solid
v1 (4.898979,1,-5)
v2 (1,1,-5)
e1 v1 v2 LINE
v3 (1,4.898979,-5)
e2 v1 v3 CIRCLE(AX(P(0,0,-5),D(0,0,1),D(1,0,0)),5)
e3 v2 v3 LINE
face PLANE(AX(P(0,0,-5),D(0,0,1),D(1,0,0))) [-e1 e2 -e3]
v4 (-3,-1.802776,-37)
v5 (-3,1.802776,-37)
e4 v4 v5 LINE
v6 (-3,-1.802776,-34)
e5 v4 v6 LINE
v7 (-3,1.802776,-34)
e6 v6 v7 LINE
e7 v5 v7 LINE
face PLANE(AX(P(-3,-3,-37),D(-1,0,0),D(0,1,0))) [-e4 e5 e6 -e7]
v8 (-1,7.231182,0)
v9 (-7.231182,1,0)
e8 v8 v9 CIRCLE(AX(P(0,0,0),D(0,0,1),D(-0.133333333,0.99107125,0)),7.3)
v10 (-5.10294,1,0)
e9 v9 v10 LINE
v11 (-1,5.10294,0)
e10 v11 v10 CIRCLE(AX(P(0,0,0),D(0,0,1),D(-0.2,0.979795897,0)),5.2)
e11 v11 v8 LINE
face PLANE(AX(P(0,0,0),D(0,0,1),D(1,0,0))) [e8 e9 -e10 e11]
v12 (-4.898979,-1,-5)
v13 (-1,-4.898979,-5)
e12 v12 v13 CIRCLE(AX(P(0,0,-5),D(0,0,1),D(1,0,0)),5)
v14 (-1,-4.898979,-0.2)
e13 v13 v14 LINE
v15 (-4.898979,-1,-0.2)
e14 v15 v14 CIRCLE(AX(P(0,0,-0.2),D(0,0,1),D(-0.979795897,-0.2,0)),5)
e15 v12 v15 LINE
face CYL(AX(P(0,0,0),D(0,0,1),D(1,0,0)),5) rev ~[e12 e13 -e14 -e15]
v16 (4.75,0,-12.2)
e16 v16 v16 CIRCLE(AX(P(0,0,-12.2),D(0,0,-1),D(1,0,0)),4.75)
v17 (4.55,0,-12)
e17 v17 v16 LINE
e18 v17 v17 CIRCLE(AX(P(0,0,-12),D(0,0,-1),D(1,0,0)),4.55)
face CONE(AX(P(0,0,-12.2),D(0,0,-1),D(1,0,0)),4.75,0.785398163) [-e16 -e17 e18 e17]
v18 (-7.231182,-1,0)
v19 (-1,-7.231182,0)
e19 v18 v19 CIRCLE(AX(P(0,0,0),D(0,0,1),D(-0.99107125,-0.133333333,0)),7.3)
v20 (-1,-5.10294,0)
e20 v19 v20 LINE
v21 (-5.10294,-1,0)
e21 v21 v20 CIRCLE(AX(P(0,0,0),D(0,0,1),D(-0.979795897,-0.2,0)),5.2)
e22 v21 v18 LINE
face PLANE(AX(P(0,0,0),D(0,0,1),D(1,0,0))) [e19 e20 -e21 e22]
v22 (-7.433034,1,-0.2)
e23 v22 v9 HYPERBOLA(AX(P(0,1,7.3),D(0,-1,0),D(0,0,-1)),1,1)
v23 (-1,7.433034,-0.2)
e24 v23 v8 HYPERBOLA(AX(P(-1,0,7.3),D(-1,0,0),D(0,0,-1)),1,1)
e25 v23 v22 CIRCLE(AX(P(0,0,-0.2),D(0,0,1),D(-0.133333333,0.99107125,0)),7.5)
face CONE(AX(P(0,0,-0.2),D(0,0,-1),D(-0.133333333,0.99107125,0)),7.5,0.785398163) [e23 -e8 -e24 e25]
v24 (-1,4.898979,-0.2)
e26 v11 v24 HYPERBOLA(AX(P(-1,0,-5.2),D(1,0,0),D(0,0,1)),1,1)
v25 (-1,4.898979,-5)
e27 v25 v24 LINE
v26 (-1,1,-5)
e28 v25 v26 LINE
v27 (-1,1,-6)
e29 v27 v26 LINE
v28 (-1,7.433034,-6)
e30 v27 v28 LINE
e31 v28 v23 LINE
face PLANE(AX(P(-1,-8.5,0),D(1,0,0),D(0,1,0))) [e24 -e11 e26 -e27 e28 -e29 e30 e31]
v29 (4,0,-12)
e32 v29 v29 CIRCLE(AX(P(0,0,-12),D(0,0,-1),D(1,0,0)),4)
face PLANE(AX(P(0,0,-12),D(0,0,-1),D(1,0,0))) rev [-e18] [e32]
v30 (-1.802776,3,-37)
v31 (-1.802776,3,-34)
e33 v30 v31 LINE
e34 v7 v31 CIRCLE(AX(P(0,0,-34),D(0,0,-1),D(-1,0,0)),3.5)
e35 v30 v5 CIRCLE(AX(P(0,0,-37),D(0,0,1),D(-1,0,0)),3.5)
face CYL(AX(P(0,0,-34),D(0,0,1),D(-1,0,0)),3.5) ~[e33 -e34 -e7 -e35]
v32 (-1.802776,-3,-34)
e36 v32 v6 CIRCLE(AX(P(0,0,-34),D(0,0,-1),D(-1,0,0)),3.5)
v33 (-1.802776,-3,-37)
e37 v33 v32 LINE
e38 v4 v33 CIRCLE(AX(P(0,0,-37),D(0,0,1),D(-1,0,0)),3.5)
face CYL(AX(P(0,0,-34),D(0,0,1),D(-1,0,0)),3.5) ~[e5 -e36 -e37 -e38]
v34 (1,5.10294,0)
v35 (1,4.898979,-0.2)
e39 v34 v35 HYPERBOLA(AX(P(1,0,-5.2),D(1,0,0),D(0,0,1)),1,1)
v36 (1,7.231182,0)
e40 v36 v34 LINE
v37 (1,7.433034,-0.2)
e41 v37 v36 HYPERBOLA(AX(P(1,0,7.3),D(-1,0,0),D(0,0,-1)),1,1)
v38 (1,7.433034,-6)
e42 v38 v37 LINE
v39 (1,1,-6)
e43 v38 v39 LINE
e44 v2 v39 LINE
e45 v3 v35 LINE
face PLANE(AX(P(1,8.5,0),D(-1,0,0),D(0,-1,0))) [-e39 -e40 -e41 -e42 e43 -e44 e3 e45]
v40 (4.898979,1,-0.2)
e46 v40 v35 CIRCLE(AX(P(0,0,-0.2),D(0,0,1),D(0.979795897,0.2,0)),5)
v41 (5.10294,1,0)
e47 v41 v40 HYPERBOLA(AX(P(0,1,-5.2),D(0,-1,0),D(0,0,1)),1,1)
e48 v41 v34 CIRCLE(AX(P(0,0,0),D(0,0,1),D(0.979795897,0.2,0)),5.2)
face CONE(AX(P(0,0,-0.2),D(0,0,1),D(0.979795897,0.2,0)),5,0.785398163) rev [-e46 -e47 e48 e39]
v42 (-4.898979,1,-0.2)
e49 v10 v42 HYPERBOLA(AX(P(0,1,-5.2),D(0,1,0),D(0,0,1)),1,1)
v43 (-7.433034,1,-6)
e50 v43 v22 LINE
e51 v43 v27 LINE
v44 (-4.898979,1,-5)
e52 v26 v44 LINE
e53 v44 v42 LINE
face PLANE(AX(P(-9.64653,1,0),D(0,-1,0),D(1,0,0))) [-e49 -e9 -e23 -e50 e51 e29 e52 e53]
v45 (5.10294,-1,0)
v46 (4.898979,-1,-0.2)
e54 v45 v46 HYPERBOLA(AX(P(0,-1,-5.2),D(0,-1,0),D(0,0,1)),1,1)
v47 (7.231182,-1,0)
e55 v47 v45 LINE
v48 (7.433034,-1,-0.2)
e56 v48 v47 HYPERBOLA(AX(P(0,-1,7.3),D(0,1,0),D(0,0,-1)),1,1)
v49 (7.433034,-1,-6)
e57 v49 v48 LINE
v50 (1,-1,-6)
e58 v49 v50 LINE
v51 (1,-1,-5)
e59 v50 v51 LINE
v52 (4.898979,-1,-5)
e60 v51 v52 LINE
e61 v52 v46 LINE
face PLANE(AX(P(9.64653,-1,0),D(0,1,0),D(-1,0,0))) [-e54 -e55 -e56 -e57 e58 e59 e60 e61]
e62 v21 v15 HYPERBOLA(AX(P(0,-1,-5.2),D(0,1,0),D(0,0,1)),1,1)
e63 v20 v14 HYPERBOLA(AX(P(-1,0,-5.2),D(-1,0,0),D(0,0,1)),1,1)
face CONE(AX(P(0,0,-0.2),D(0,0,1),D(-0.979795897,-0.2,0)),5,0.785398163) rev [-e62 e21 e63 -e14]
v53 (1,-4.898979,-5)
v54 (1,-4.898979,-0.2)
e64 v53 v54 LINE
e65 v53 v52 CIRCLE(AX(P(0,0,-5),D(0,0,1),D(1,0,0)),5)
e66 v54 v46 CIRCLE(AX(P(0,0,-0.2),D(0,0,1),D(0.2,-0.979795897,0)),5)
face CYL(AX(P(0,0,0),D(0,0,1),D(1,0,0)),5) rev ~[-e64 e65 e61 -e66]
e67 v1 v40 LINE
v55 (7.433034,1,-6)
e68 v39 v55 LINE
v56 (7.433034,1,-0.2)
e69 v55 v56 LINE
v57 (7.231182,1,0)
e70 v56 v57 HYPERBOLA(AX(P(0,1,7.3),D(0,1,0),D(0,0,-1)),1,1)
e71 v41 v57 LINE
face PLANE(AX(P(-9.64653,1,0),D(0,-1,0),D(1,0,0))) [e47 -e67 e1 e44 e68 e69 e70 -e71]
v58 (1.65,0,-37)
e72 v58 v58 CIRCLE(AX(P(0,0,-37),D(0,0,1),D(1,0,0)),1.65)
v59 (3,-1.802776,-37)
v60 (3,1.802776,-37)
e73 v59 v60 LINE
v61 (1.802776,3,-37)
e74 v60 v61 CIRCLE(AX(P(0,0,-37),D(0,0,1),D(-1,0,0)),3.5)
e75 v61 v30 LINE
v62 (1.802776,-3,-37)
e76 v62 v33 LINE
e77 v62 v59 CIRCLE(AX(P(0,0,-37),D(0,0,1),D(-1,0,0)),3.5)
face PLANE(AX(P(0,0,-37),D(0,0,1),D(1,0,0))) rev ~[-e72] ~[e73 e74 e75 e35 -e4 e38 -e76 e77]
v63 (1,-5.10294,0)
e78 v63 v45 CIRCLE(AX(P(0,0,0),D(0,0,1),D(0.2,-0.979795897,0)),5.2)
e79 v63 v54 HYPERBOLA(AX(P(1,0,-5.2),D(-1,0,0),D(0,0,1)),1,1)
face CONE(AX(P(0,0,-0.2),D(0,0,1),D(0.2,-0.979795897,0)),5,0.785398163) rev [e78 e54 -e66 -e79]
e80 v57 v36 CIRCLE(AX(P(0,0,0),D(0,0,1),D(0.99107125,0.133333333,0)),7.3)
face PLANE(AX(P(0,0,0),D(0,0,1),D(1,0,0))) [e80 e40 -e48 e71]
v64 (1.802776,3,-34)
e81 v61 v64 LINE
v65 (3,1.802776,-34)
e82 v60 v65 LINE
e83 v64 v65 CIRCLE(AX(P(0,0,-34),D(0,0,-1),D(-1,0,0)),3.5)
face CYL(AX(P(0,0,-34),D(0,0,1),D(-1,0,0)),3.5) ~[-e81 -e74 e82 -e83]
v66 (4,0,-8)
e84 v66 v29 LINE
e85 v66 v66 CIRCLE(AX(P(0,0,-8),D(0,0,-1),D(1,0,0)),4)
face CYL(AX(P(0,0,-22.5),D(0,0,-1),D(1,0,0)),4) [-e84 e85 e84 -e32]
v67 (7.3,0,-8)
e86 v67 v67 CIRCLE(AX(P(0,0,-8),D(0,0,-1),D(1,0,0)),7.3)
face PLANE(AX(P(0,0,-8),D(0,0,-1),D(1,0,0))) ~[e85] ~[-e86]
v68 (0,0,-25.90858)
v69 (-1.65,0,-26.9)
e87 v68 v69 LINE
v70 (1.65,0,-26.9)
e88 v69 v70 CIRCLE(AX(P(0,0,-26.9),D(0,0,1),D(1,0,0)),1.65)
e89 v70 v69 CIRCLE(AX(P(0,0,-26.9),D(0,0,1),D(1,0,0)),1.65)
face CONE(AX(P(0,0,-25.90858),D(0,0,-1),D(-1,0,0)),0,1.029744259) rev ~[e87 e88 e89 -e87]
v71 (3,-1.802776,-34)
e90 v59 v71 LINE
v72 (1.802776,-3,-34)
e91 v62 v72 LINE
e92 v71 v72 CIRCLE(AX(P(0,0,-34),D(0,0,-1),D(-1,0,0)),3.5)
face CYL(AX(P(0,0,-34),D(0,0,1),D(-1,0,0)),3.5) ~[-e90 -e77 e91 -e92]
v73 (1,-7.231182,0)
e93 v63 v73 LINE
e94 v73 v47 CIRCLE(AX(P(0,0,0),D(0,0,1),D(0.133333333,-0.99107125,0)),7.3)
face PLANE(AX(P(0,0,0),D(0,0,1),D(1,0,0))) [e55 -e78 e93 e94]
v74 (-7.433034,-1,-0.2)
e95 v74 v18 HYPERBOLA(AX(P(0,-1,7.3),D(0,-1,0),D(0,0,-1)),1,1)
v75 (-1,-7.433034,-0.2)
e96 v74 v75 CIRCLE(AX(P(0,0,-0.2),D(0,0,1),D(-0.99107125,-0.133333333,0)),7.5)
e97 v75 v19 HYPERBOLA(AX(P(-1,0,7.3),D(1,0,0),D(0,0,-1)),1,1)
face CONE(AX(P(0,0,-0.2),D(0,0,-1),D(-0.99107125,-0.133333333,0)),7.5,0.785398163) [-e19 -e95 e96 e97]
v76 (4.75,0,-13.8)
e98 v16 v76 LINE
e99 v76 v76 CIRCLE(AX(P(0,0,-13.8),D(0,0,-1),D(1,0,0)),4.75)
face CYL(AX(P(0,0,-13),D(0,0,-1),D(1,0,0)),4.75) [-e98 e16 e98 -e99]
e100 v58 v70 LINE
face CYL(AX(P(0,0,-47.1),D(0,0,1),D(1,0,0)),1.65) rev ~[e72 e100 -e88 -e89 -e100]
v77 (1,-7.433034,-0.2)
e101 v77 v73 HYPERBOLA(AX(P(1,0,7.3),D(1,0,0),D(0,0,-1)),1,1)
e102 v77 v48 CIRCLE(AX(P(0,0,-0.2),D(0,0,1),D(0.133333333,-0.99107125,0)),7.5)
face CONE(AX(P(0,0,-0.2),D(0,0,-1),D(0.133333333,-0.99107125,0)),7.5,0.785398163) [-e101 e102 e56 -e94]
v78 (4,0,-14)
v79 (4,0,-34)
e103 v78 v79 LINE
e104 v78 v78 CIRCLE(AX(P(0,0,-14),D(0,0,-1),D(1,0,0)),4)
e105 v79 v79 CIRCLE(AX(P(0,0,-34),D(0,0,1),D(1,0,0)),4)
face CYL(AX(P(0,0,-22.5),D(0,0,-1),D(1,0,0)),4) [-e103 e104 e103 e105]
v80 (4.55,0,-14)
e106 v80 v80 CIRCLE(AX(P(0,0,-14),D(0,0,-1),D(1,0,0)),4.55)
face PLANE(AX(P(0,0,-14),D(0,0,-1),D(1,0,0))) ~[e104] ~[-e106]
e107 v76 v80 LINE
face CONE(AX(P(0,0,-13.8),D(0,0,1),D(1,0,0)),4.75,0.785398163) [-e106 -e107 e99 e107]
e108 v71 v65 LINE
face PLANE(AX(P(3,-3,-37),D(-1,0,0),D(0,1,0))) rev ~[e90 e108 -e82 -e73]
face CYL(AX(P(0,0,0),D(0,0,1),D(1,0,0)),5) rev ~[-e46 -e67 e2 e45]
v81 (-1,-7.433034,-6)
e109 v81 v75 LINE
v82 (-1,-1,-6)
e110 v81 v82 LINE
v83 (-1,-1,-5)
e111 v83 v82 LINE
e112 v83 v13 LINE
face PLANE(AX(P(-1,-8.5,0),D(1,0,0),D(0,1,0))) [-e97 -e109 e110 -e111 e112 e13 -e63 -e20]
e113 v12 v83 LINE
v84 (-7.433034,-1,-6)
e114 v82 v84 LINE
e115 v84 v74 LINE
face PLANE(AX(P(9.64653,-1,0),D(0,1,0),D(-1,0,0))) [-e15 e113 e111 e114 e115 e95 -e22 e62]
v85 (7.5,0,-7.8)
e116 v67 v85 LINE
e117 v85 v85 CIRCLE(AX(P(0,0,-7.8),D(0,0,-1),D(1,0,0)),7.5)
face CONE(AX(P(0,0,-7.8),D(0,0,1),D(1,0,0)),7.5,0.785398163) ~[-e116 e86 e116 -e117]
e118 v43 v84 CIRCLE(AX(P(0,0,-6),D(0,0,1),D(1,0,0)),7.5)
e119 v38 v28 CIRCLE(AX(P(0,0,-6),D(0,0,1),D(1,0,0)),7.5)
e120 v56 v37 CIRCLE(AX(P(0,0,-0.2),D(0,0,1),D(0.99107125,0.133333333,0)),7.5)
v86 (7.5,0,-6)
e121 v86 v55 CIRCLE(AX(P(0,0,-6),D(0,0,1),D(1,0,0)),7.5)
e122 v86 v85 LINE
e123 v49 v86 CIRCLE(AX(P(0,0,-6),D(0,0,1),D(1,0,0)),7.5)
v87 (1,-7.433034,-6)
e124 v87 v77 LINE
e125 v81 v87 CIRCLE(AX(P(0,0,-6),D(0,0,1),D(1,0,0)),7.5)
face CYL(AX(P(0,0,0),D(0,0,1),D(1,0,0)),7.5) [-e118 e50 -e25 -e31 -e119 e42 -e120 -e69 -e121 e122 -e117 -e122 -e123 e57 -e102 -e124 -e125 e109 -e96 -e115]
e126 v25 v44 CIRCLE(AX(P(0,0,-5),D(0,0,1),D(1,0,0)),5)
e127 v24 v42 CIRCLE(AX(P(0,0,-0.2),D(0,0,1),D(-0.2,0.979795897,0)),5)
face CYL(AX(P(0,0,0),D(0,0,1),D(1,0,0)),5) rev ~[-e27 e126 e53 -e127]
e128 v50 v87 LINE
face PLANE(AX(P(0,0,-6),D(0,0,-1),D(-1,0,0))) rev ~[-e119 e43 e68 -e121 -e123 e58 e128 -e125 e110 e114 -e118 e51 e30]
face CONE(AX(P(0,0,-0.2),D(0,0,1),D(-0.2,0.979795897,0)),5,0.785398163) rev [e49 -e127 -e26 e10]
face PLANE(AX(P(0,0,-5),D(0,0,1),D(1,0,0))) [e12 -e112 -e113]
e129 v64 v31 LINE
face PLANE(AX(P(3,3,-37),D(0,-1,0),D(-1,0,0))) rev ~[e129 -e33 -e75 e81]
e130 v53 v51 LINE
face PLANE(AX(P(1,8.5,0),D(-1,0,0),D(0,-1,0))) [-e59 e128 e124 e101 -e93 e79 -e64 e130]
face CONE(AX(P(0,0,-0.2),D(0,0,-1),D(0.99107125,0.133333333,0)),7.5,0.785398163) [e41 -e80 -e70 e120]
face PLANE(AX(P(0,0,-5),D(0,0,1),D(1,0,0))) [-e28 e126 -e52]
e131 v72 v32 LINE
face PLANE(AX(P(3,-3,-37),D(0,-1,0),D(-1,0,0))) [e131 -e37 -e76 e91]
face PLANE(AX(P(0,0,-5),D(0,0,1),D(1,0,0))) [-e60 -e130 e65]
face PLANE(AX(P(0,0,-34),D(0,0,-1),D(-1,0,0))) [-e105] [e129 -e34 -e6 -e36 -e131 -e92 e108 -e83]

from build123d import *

# Parameters (mm, degrees)
SKETCH1_R                 = 7.5
BOSS_EXTRUDE1_DEPTH       = 37
SKETCH2_W                 = 3.5
SKETCH2_H                 = 29
CUT_EXTRUDE1_DEPTH        = 6
CUT_EXTRUDE2_DEPTH        = 6
SKETCH6_R                 = 5
CUT_EXTRUDE3_DEPTH        = 5
SKETCH10_OUTSIDE_W        = 25.53
SKETCH10_OUTSIDE_H        = 25.53
SKETCH10_OUTSIDE_W_2      = 6
SKETCH10_OUTSIDE_H_2      = 6
CUT_EXTRUDE4_DEPTH        = 3
SKETCH19_R                = 4.909942114
SKETCH19_R_2              = 3.5
CUT_EXTRUDE5_DEPTH        = 4
M4X0_7_TAPPED_HOLE1_D     = 3.3
M4X0_7_TAPPED_HOLE1_DEPTH = 10.1
M4X0_7_TAPPED_HOLE1_TIP   = 0.991420021
SKETCH17_W                = 0.75
SKETCH17_H                = 2
CHAMFER1_SIZE             = 0.2
CHAMFER2_SIZE             = 0.2


with BuildPart() as part:
    # Sketch1 → Boss-Extrude1 (new body)
    with BuildSketch(Plane.XY):
        Circle(SKETCH1_R)
    extrude(amount=-BOSS_EXTRUDE1_DEPTH)

    # Sketch2 → Cut-Revolve1 (revolve, cut)
    with BuildSketch(Plane(origin=(0, 0, 0), x_dir=(1, 0, 0), z_dir=(0, 1, 0))):
        with Locations((5.75, 22.5)):
            Rectangle(SKETCH2_W, SKETCH2_H)
    revolve(axis=Axis((0, 0, 0), (0, 0, -1)), mode=Mode.SUBTRACT)

    # Sketch4 → Cut-Extrude1 (cut)
    with BuildSketch(Plane.XY):
        with BuildLine():
            Line((-9.646529656, 1), (9.646529656, 1))
            ThreePointArc((9.646529656, 1), (10.646529656, 0), (9.646529656, -1))
            Line((9.646529656, -1), (-9.646529656, -1))
            ThreePointArc((-9.646529656, -1), (-10.646529656, 0), (-9.646529656, 1))
        make_face()
    extrude(amount=-CUT_EXTRUDE1_DEPTH, mode=Mode.SUBTRACT)

    # Sketch5 → Cut-Extrude2 (cut)
    with BuildSketch(Plane.XY):
        with BuildLine():
            Line((1, 8.5), (1, -8.5))
            ThreePointArc((1, -8.5), (0, -9.5), (-1, -8.5))
            Line((-1, -8.5), (-1, 8.5))
            ThreePointArc((-1, 8.5), (0, 9.5), (1, 8.5))
        make_face()
    extrude(amount=-CUT_EXTRUDE2_DEPTH, mode=Mode.SUBTRACT)

    # Sketch6 → Cut-Extrude3 (cut)
    with BuildSketch(Plane.XY):
        Circle(SKETCH6_R)
    extrude(amount=-CUT_EXTRUDE3_DEPTH, mode=Mode.SUBTRACT)

    # Sketch10 outside → Cut-Extrude4 (cut)
    with BuildSketch(Plane(origin=(0, 0, -37), x_dir=(-1, 0, 0), z_dir=(0, 0, -1))):
        Rectangle(SKETCH10_OUTSIDE_W, SKETCH10_OUTSIDE_H)
        Rectangle(SKETCH10_OUTSIDE_W_2, SKETCH10_OUTSIDE_H_2, mode=Mode.SUBTRACT)
    extrude(amount=-CUT_EXTRUDE4_DEPTH, mode=Mode.SUBTRACT)

    # Sketch19 → Cut-Extrude5 (cut, through all)
    with BuildSketch(Plane(origin=(0, 0, -34), x_dir=(-1, 0, 0), z_dir=(0, 0, -1))):
        Circle(SKETCH19_R)
        Circle(SKETCH19_R_2, mode=Mode.SUBTRACT)
    extrude(amount=CUT_EXTRUDE5_DEPTH, mode=Mode.SUBTRACT)

    # M4x0.7 Tapped Hole1
    with Locations(Plane(origin=(0, 0, -37), x_dir=(-1, 0, 0), z_dir=(0, 0, -1))):
        with Locations((0, 0)):
            Hole(M4X0_7_TAPPED_HOLE1_D / 2, depth=M4X0_7_TAPPED_HOLE1_DEPTH)
            with Locations((0, 0, -(M4X0_7_TAPPED_HOLE1_DEPTH + M4X0_7_TAPPED_HOLE1_TIP / 2))):  # 118° drill point
                Cone(0, M4X0_7_TAPPED_HOLE1_D / 2, M4X0_7_TAPPED_HOLE1_TIP, mode=Mode.SUBTRACT)

    # Sketch17 → Revolve1 (revolve)
    with BuildSketch(Plane(origin=(0, 0, 0), x_dir=(1, 0, 0), z_dir=(0, 1, 0))):
        with Locations((4.375, 13)):
            Rectangle(SKETCH17_W, SKETCH17_H)
    revolve(axis=Axis((0, 0, 0), (0, 0, -1)))

    # Chamfer1
    chamfer1_edges = [part.edges().sort_by_distance(p)[0] for p in [
        (-4.75, 0, -12),
        (-4.75, 0, -14),
    ]]
    chamfer(chamfer1_edges, length=CHAMFER1_SIZE)

    # Chamfer2
    chamfer2_edges = [part.edges().sort_by_distance(p)[0] for p in [
        (-5.303300859, -5.303300859, 0),
        (5.303300859, 5.303300859, 0),
        (5.303300859, -5.303300859, 0),
        (-5.303300859, 5.303300859, 0),
        (-7.5, 0, -8),
        (-3.535533906, -3.535533906, 0),
        (3.535533906, -3.535533906, 0),
        (3.535533906, 3.535533906, 0),
        (-3.535533906, 3.535533906, 0),
    ]]
    chamfer(chamfer2_edges, length=CHAMFER2_SIZE)


solid = part.part
